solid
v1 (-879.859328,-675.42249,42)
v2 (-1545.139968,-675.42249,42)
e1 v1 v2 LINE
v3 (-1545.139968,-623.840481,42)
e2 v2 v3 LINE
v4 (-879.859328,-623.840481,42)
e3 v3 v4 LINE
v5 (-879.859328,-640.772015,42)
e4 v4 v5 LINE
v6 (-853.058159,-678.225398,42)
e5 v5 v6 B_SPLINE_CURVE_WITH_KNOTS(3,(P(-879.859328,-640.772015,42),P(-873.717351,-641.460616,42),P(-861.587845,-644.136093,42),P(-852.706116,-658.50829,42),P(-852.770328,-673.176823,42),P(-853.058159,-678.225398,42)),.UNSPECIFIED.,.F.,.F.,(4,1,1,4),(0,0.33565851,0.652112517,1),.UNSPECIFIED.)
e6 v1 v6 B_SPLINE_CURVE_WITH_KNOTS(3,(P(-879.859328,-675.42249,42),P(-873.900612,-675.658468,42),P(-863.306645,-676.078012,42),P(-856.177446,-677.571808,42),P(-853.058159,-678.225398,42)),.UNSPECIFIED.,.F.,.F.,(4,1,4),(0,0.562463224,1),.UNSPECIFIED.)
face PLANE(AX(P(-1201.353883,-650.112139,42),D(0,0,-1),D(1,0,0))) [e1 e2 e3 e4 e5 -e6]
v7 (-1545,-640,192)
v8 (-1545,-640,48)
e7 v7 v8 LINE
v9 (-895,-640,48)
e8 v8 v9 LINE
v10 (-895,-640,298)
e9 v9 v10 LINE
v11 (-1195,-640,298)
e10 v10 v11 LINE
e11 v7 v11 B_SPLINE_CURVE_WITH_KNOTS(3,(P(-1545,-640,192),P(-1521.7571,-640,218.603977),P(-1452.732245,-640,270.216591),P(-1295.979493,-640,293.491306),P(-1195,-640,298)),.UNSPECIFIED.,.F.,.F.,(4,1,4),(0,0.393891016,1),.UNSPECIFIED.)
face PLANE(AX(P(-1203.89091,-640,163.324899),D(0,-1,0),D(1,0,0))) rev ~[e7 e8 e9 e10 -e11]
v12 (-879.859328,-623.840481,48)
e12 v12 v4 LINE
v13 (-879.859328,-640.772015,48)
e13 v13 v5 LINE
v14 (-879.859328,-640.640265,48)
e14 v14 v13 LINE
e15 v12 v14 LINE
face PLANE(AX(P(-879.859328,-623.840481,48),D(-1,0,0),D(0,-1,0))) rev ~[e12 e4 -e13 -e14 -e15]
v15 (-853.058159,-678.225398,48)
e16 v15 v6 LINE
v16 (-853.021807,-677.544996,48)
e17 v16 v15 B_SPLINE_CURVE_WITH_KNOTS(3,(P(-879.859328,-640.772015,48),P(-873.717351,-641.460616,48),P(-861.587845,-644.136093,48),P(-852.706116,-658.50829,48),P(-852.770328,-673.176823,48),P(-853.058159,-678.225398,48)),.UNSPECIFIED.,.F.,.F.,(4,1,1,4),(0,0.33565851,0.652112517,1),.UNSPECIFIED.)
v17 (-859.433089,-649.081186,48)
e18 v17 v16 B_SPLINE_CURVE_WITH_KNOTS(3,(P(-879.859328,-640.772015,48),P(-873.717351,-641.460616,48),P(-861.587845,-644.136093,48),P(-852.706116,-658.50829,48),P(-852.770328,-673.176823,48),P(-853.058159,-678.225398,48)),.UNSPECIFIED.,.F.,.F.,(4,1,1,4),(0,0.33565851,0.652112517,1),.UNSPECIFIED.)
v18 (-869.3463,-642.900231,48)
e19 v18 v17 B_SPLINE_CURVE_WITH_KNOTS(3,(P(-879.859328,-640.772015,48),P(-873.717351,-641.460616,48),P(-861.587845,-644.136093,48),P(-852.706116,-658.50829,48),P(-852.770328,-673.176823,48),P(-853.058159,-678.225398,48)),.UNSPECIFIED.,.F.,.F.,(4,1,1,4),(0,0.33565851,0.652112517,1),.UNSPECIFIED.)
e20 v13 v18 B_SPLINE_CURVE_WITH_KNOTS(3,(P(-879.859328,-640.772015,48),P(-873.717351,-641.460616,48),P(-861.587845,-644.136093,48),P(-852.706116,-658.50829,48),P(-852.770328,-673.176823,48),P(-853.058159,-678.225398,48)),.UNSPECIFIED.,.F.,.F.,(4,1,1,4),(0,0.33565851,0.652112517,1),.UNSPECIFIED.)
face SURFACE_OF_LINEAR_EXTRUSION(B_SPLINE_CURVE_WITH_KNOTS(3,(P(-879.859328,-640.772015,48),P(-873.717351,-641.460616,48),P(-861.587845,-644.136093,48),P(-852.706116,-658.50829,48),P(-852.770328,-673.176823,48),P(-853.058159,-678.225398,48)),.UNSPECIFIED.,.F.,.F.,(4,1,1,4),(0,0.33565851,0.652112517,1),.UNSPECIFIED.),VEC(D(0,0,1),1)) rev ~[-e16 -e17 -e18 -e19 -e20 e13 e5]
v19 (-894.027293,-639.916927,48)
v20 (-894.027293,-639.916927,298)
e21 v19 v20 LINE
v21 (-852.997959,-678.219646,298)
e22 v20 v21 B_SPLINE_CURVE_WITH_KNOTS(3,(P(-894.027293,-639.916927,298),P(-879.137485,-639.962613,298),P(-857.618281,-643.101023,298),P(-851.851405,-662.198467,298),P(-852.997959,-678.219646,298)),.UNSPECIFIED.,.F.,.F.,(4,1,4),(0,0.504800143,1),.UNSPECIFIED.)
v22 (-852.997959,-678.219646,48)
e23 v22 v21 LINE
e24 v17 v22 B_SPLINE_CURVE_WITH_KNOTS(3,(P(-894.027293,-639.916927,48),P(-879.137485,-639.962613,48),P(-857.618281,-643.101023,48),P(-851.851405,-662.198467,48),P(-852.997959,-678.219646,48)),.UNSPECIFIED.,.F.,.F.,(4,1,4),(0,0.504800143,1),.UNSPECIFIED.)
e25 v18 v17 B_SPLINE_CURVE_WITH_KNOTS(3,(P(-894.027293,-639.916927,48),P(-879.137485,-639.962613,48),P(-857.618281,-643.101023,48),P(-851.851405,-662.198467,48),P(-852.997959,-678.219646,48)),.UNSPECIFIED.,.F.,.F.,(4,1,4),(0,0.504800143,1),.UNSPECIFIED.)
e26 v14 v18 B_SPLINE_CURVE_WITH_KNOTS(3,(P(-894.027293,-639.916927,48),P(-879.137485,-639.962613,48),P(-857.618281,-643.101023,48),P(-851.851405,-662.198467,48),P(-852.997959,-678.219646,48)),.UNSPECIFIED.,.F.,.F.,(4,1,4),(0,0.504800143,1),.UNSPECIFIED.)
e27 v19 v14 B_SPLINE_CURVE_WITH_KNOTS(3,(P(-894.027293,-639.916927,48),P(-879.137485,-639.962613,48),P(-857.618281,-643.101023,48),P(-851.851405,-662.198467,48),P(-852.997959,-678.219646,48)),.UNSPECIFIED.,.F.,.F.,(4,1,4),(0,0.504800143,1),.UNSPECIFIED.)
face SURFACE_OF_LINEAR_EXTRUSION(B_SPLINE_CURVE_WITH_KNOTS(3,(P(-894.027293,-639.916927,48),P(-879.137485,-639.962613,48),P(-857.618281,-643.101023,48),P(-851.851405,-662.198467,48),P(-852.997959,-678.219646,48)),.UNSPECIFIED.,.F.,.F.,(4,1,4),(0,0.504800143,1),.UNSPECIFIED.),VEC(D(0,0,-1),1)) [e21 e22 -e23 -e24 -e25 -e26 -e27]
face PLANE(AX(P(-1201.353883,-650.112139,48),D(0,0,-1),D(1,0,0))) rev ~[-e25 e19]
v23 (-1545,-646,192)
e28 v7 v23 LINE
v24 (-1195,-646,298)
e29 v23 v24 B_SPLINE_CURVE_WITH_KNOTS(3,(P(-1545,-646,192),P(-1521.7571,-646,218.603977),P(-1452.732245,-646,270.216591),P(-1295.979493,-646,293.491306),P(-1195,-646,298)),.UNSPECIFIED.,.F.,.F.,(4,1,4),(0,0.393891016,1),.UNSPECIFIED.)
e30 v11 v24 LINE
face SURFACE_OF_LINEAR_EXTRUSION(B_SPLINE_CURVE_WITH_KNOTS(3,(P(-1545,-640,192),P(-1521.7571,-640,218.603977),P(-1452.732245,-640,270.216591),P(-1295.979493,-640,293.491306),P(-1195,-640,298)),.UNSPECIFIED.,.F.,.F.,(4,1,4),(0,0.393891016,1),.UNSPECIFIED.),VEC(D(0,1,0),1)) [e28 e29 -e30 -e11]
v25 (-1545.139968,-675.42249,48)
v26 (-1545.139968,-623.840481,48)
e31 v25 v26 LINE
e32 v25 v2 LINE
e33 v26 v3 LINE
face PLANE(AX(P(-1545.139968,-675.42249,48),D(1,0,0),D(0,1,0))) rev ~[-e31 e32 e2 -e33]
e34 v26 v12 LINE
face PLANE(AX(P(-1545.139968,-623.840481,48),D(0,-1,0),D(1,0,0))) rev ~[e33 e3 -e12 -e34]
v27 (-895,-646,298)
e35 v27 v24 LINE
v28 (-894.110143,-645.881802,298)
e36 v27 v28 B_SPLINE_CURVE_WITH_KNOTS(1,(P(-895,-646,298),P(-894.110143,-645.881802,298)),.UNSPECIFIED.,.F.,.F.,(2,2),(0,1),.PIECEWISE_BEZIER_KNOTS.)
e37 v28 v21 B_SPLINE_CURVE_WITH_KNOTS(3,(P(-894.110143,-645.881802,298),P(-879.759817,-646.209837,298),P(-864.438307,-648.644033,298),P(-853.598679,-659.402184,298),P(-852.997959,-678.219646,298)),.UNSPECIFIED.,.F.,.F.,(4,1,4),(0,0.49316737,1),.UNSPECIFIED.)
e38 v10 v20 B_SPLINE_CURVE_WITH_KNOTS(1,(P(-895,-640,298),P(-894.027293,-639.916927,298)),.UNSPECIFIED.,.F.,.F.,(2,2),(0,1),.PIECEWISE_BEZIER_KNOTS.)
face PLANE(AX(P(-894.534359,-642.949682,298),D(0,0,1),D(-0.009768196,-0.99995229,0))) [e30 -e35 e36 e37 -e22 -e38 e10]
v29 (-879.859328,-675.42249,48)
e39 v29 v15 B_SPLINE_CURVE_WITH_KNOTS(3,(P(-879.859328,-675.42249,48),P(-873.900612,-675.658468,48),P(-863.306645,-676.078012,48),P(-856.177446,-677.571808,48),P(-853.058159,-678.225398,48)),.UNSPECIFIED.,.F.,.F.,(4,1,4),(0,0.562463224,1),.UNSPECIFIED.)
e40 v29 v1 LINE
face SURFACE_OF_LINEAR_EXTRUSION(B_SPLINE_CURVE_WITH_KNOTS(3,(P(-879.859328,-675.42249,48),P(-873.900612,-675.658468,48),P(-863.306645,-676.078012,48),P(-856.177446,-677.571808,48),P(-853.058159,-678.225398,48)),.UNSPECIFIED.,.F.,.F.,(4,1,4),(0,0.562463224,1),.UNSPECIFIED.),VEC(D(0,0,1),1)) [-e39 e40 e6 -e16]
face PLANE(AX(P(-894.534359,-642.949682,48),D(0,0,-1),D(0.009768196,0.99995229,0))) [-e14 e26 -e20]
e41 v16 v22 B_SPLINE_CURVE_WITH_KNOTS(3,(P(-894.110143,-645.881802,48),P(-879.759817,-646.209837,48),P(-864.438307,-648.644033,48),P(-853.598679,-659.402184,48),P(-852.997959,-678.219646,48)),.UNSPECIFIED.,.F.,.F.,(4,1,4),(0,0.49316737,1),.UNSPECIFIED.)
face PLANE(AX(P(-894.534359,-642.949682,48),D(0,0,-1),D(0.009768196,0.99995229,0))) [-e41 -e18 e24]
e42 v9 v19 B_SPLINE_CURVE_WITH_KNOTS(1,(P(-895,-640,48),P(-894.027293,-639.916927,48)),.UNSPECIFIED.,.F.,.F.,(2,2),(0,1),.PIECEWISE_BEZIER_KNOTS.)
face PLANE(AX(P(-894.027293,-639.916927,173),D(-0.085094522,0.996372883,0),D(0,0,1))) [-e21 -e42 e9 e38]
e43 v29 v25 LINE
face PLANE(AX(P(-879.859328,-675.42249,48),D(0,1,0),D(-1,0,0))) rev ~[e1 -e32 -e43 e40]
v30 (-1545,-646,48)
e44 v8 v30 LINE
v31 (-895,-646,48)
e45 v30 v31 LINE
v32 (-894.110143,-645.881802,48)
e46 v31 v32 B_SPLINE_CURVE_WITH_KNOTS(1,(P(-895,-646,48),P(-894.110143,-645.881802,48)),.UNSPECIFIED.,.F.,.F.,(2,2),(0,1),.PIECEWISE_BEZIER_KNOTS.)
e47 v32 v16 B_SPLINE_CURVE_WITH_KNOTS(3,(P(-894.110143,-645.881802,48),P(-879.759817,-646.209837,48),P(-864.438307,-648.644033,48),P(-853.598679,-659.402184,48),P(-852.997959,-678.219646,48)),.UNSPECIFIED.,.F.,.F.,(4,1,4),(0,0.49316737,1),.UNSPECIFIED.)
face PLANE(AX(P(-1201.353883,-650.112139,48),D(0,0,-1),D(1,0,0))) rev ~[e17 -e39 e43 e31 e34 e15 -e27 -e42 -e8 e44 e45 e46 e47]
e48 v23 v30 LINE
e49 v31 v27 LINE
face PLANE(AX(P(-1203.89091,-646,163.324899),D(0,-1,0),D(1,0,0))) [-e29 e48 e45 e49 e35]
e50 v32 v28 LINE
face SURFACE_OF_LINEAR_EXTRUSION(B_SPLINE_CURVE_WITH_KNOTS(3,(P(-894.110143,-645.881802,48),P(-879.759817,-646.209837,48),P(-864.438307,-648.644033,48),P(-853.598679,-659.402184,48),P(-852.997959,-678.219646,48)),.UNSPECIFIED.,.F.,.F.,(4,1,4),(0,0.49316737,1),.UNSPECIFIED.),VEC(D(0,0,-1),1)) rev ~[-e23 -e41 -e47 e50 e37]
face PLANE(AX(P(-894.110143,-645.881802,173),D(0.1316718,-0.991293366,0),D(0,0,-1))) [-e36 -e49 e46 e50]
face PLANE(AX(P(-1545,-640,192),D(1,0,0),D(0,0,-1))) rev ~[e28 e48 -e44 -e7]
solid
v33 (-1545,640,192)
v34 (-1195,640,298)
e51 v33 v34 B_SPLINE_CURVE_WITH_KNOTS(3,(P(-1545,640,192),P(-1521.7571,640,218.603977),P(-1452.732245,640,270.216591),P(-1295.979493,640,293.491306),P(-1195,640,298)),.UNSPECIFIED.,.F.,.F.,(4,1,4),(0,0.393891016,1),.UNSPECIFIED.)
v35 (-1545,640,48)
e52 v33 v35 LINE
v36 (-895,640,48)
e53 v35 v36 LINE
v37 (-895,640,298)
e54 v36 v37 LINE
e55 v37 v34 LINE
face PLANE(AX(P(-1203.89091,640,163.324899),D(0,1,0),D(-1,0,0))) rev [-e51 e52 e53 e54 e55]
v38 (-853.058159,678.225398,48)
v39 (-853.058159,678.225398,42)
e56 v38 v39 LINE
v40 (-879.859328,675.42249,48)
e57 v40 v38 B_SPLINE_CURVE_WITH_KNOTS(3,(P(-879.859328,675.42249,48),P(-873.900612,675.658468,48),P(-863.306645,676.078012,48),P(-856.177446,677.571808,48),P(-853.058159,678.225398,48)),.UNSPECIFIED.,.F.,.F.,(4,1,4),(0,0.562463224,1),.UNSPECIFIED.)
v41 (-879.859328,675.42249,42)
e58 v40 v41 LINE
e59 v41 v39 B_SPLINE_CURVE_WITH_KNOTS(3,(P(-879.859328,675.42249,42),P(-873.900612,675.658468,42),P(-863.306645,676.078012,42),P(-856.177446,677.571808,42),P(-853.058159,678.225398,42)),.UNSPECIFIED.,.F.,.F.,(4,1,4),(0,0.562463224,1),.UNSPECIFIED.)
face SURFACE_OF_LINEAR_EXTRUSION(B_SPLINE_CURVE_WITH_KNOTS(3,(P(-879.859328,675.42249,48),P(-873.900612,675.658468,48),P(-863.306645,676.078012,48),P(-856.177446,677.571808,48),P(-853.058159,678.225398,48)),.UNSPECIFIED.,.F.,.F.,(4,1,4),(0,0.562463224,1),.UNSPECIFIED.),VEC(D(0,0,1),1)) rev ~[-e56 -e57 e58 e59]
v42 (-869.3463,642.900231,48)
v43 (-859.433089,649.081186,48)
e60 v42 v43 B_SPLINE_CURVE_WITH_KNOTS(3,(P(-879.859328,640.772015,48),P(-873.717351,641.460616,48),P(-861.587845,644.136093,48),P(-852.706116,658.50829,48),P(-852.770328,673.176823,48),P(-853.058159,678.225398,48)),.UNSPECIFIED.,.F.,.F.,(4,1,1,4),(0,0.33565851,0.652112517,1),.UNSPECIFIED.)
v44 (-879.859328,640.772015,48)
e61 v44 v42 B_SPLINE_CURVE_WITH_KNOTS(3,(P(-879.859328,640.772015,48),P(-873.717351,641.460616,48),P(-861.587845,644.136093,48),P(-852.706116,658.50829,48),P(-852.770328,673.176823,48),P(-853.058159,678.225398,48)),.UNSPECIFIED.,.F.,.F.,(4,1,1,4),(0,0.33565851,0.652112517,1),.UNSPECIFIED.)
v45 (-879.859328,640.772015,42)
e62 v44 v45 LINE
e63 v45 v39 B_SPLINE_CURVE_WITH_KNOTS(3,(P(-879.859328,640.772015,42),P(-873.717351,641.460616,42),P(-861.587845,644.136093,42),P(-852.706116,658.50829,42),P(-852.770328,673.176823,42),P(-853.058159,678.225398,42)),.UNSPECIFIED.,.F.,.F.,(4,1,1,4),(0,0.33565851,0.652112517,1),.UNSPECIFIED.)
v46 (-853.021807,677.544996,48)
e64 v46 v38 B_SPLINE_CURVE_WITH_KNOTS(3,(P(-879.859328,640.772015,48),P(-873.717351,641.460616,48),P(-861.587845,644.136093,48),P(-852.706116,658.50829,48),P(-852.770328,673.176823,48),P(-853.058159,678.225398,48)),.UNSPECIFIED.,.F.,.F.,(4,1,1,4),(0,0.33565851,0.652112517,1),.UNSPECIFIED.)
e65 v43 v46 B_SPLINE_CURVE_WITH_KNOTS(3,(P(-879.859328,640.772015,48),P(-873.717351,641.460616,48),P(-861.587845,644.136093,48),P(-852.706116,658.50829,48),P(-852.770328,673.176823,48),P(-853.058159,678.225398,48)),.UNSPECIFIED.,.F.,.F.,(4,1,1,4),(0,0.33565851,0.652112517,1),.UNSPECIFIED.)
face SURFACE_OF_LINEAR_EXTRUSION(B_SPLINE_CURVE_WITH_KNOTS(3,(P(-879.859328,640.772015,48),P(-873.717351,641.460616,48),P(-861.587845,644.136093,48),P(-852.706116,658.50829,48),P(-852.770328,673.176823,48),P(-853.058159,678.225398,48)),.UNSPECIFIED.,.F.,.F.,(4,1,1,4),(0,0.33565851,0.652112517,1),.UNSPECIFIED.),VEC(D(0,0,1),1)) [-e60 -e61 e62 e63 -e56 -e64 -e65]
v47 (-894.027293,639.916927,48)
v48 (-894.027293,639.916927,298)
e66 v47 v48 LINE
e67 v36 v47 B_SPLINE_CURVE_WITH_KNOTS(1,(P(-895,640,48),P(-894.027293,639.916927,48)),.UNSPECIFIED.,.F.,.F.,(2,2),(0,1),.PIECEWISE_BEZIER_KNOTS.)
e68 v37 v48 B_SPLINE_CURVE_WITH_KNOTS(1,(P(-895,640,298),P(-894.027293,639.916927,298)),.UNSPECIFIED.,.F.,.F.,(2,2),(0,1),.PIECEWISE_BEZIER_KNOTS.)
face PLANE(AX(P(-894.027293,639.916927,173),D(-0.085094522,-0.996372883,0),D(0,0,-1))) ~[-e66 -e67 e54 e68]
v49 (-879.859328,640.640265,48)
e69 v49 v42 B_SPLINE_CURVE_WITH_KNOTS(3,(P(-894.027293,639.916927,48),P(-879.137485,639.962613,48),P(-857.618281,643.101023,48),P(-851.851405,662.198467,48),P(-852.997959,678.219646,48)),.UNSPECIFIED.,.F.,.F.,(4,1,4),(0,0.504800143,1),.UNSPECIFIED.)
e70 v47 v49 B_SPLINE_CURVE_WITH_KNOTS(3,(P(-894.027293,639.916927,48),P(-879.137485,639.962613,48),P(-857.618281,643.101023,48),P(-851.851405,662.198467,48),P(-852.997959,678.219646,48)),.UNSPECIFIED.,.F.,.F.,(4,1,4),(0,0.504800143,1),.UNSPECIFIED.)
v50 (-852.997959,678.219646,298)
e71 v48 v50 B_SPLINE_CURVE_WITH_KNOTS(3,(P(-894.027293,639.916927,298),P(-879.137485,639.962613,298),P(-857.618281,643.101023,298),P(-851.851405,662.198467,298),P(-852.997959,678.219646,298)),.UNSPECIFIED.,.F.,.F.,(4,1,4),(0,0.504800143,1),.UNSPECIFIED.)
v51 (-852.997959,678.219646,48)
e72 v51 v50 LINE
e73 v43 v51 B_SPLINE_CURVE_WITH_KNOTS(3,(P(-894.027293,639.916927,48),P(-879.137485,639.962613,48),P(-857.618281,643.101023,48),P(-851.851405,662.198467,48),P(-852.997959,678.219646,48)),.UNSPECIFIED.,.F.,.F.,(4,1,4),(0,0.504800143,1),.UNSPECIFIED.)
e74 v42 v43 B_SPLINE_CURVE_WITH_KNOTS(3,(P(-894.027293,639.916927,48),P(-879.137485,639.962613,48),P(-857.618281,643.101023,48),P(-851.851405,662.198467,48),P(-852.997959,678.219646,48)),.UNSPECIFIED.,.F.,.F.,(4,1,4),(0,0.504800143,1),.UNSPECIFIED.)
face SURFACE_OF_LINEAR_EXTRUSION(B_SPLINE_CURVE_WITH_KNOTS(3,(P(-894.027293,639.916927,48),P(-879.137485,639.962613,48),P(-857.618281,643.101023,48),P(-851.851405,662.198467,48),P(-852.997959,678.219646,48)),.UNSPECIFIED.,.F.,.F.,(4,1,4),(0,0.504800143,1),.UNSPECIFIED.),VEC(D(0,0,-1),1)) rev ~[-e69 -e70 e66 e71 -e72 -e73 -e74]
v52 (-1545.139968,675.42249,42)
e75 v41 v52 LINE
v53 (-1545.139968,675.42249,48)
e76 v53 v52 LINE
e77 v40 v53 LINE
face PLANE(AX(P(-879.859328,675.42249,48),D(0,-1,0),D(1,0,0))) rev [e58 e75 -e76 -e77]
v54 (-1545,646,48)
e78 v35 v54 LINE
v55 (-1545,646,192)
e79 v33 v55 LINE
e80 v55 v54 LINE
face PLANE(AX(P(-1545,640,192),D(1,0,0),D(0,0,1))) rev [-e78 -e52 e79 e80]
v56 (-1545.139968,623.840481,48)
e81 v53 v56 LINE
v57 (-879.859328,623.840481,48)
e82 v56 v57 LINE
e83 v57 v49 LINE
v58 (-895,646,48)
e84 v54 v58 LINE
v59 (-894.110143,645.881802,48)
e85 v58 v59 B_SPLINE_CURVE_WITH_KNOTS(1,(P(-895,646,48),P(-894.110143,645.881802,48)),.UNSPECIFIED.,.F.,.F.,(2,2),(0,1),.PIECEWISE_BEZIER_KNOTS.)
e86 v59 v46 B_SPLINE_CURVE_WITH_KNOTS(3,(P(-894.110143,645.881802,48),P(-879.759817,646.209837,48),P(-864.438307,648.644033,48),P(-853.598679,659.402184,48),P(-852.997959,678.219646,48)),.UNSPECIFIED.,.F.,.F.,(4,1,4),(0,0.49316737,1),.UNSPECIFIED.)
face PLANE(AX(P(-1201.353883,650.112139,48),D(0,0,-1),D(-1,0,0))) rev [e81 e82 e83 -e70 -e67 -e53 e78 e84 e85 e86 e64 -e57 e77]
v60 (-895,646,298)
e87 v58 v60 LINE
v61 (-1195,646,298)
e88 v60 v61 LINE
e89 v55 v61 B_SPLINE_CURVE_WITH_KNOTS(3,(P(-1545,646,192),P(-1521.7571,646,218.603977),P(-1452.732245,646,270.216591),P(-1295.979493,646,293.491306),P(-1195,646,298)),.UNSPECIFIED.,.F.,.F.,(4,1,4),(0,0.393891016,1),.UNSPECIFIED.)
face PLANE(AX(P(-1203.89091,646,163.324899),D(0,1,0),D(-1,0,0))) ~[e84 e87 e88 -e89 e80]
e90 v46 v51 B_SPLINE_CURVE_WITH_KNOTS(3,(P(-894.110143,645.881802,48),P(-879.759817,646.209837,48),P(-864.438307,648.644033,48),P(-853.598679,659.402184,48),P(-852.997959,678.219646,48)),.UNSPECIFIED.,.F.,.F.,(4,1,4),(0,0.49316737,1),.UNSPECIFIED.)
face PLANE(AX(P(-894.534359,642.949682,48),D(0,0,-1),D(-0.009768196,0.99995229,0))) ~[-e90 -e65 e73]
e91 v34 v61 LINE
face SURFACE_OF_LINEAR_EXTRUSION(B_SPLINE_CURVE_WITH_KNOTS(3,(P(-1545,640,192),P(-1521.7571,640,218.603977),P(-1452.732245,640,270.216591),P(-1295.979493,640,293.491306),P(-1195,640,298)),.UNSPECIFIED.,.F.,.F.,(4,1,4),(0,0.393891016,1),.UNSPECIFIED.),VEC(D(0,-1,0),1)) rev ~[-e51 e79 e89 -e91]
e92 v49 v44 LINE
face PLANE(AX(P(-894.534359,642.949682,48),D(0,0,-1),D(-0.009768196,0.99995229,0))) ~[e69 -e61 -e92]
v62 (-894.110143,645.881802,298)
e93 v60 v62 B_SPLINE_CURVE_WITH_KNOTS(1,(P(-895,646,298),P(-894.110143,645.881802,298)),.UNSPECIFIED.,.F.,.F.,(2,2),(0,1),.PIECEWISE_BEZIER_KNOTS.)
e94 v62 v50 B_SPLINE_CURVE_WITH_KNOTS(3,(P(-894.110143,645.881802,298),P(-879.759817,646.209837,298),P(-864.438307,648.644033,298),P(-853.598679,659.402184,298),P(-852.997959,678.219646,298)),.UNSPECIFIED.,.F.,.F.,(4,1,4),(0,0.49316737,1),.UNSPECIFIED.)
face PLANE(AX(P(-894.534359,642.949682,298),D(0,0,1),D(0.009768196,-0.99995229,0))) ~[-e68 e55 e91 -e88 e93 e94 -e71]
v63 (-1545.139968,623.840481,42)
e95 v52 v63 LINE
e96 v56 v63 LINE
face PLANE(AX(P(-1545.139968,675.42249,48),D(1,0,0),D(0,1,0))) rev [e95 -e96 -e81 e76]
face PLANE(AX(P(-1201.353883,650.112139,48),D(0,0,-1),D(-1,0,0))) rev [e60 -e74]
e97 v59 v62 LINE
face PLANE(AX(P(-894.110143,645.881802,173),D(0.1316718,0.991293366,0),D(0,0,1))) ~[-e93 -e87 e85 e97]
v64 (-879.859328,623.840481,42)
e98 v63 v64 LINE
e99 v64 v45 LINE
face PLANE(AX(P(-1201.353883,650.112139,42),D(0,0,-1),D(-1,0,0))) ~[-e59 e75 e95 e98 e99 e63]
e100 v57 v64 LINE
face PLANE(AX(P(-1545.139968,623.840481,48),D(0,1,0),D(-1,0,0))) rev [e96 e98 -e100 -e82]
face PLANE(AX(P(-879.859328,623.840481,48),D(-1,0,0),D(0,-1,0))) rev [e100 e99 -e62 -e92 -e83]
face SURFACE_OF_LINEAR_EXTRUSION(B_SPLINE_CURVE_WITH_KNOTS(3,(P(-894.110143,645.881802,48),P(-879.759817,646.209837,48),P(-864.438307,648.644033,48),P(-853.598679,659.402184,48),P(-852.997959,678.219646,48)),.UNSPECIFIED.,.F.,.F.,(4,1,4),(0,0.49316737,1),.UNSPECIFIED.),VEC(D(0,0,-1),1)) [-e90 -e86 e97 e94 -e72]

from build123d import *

# Parameters (mm, degrees)
F2_DEPTH  = 6
F5_DEPTH  = 250
F2_FACE_W = 6
F2_FACE_H = 250
F5_FACE_W = 5.9654505784
F5_FACE_H = 250
F8_DEPTH  = 6


with BuildPart() as f2:
    # F1 (on offset) → F2 (new body)
    with BuildSketch(Plane.XZ.offset(640)):
        with BuildLine():
            Line((-1545, 48), (-895, 48))
            Line((-895, 48), (-895, 298))
            Line((-895, 298), (-1195, 298))
            add(Edge.make_bspline(
                [(-1545, 192), (-1521.7571000476, 218.6039773518), (-1452.732245002, 270.2165911827), (-1295.9794931608, 293.4913064686), (-1195, 298)],
                knots=[0, 0, 0, 0, 0.3938910162, 1, 1, 1, 1], degree=3))
            Line((-1545, 192), (-1545, 48))
        make_face()
    extrude(amount=F2_DEPTH)



with BuildPart() as f5:
    # F4 (on offset) → F5 (new body)
    with BuildSketch(Plane(origin=(0, 0, 48), x_dir=(1, 0, 0), z_dir=(0, 0, -1))):
        with BuildLine():
            Line((-894.1101431847, 645.8818018436), (-894.0272927284, 639.9169266224))
            add(Edge.make_bspline(
                [(-894.0272927284, 639.9169266224), (-879.1374854147, 639.9626126384), (-857.6182809665, 643.1010233585), (-851.8514054669, 662.1984672197), (-852.9979586601, 678.2196462154)],
                knots=[0, 0, 0, 0, 0.5048001428, 1, 1, 1, 1], degree=3))
            add(Edge.make_bspline(
                [(-894.1101431847, 645.8818018436), (-879.759816901, 646.2098372885), (-864.4383073165, 648.6440332993), (-853.5986789601, 659.4021844485), (-852.9979586601, 678.2196462154)],
                knots=[0, 0, 0, 0, 0.4931673704, 1, 1, 1, 1], degree=3))
        make_face()
    extrude(amount=-F5_DEPTH)


with BuildPart() as f2_1:
    add(f2.part)

    add(f5.part)  # F6 merges F5
    # F2_face (on face) → F6 section 0
    with BuildSketch(Plane(origin=(-895, -643, 173), x_dir=(0, 1, 0), z_dir=(1, 0, 0))):
        Rectangle(F2_FACE_W, F2_FACE_H)
    # F5_face (on face) → F6 section 1
    with BuildSketch(Plane(origin=(-894.0687179565, -642.899364233, 173), x_dir=(-0.013888382, -0.9999035518, 0), z_dir=(-0.9999035518, 0.013888382, 0))):
        Rectangle(F5_FACE_W, F5_FACE_H)
    loft()

    # F7 (on offset) → F8 (join)
    with BuildSketch(Plane(origin=(0, 0, 48), x_dir=(1, 0, 0), z_dir=(0, 0, -1))):
        with BuildLine():
            Line((-1545.1399683952, 675.4224896431), (-1545.1399683952, 623.8404810429))
            Line((-1545.1399683952, 623.8404810429), (-879.85932827, 623.8404810429))
            Line((-879.85932827, 623.8404810429), (-879.85932827, 640.7720148563))
            add(Edge.make_bspline(
                [(-879.85932827, 640.7720148563), (-873.7173506265, 641.4606158564), (-861.5878448777, 644.1360934873), (-852.7061162653, 658.5082899728), (-852.7703283891, 673.17682316), (-853.0581593513, 678.2253980637)],
                knots=[0, 0, 0, 0, 0.3356585098, 0.6521125175, 1, 1, 1, 1], degree=3))
            add(Edge.make_bspline(
                [(-879.85932827, 675.4224896431), (-873.9006117868, 675.6584678832), (-863.306645405, 676.0780121844), (-856.1774461923, 677.571807623), (-853.0581593513, 678.2253980637)],
                knots=[0, 0, 0, 0, 0.5624632237, 1, 1, 1, 1], degree=3))
            Line((-879.85932827, 675.4224896431), (-1545.1399683952, 675.4224896431))
        make_face()
    extrude(amount=F8_DEPTH)


with BuildPart() as f9_1:
    # F9: instance of F2
    add(f2_1.part.mirror(Plane.XZ))


solid = Compound([f2_1.part, f9_1.part])
